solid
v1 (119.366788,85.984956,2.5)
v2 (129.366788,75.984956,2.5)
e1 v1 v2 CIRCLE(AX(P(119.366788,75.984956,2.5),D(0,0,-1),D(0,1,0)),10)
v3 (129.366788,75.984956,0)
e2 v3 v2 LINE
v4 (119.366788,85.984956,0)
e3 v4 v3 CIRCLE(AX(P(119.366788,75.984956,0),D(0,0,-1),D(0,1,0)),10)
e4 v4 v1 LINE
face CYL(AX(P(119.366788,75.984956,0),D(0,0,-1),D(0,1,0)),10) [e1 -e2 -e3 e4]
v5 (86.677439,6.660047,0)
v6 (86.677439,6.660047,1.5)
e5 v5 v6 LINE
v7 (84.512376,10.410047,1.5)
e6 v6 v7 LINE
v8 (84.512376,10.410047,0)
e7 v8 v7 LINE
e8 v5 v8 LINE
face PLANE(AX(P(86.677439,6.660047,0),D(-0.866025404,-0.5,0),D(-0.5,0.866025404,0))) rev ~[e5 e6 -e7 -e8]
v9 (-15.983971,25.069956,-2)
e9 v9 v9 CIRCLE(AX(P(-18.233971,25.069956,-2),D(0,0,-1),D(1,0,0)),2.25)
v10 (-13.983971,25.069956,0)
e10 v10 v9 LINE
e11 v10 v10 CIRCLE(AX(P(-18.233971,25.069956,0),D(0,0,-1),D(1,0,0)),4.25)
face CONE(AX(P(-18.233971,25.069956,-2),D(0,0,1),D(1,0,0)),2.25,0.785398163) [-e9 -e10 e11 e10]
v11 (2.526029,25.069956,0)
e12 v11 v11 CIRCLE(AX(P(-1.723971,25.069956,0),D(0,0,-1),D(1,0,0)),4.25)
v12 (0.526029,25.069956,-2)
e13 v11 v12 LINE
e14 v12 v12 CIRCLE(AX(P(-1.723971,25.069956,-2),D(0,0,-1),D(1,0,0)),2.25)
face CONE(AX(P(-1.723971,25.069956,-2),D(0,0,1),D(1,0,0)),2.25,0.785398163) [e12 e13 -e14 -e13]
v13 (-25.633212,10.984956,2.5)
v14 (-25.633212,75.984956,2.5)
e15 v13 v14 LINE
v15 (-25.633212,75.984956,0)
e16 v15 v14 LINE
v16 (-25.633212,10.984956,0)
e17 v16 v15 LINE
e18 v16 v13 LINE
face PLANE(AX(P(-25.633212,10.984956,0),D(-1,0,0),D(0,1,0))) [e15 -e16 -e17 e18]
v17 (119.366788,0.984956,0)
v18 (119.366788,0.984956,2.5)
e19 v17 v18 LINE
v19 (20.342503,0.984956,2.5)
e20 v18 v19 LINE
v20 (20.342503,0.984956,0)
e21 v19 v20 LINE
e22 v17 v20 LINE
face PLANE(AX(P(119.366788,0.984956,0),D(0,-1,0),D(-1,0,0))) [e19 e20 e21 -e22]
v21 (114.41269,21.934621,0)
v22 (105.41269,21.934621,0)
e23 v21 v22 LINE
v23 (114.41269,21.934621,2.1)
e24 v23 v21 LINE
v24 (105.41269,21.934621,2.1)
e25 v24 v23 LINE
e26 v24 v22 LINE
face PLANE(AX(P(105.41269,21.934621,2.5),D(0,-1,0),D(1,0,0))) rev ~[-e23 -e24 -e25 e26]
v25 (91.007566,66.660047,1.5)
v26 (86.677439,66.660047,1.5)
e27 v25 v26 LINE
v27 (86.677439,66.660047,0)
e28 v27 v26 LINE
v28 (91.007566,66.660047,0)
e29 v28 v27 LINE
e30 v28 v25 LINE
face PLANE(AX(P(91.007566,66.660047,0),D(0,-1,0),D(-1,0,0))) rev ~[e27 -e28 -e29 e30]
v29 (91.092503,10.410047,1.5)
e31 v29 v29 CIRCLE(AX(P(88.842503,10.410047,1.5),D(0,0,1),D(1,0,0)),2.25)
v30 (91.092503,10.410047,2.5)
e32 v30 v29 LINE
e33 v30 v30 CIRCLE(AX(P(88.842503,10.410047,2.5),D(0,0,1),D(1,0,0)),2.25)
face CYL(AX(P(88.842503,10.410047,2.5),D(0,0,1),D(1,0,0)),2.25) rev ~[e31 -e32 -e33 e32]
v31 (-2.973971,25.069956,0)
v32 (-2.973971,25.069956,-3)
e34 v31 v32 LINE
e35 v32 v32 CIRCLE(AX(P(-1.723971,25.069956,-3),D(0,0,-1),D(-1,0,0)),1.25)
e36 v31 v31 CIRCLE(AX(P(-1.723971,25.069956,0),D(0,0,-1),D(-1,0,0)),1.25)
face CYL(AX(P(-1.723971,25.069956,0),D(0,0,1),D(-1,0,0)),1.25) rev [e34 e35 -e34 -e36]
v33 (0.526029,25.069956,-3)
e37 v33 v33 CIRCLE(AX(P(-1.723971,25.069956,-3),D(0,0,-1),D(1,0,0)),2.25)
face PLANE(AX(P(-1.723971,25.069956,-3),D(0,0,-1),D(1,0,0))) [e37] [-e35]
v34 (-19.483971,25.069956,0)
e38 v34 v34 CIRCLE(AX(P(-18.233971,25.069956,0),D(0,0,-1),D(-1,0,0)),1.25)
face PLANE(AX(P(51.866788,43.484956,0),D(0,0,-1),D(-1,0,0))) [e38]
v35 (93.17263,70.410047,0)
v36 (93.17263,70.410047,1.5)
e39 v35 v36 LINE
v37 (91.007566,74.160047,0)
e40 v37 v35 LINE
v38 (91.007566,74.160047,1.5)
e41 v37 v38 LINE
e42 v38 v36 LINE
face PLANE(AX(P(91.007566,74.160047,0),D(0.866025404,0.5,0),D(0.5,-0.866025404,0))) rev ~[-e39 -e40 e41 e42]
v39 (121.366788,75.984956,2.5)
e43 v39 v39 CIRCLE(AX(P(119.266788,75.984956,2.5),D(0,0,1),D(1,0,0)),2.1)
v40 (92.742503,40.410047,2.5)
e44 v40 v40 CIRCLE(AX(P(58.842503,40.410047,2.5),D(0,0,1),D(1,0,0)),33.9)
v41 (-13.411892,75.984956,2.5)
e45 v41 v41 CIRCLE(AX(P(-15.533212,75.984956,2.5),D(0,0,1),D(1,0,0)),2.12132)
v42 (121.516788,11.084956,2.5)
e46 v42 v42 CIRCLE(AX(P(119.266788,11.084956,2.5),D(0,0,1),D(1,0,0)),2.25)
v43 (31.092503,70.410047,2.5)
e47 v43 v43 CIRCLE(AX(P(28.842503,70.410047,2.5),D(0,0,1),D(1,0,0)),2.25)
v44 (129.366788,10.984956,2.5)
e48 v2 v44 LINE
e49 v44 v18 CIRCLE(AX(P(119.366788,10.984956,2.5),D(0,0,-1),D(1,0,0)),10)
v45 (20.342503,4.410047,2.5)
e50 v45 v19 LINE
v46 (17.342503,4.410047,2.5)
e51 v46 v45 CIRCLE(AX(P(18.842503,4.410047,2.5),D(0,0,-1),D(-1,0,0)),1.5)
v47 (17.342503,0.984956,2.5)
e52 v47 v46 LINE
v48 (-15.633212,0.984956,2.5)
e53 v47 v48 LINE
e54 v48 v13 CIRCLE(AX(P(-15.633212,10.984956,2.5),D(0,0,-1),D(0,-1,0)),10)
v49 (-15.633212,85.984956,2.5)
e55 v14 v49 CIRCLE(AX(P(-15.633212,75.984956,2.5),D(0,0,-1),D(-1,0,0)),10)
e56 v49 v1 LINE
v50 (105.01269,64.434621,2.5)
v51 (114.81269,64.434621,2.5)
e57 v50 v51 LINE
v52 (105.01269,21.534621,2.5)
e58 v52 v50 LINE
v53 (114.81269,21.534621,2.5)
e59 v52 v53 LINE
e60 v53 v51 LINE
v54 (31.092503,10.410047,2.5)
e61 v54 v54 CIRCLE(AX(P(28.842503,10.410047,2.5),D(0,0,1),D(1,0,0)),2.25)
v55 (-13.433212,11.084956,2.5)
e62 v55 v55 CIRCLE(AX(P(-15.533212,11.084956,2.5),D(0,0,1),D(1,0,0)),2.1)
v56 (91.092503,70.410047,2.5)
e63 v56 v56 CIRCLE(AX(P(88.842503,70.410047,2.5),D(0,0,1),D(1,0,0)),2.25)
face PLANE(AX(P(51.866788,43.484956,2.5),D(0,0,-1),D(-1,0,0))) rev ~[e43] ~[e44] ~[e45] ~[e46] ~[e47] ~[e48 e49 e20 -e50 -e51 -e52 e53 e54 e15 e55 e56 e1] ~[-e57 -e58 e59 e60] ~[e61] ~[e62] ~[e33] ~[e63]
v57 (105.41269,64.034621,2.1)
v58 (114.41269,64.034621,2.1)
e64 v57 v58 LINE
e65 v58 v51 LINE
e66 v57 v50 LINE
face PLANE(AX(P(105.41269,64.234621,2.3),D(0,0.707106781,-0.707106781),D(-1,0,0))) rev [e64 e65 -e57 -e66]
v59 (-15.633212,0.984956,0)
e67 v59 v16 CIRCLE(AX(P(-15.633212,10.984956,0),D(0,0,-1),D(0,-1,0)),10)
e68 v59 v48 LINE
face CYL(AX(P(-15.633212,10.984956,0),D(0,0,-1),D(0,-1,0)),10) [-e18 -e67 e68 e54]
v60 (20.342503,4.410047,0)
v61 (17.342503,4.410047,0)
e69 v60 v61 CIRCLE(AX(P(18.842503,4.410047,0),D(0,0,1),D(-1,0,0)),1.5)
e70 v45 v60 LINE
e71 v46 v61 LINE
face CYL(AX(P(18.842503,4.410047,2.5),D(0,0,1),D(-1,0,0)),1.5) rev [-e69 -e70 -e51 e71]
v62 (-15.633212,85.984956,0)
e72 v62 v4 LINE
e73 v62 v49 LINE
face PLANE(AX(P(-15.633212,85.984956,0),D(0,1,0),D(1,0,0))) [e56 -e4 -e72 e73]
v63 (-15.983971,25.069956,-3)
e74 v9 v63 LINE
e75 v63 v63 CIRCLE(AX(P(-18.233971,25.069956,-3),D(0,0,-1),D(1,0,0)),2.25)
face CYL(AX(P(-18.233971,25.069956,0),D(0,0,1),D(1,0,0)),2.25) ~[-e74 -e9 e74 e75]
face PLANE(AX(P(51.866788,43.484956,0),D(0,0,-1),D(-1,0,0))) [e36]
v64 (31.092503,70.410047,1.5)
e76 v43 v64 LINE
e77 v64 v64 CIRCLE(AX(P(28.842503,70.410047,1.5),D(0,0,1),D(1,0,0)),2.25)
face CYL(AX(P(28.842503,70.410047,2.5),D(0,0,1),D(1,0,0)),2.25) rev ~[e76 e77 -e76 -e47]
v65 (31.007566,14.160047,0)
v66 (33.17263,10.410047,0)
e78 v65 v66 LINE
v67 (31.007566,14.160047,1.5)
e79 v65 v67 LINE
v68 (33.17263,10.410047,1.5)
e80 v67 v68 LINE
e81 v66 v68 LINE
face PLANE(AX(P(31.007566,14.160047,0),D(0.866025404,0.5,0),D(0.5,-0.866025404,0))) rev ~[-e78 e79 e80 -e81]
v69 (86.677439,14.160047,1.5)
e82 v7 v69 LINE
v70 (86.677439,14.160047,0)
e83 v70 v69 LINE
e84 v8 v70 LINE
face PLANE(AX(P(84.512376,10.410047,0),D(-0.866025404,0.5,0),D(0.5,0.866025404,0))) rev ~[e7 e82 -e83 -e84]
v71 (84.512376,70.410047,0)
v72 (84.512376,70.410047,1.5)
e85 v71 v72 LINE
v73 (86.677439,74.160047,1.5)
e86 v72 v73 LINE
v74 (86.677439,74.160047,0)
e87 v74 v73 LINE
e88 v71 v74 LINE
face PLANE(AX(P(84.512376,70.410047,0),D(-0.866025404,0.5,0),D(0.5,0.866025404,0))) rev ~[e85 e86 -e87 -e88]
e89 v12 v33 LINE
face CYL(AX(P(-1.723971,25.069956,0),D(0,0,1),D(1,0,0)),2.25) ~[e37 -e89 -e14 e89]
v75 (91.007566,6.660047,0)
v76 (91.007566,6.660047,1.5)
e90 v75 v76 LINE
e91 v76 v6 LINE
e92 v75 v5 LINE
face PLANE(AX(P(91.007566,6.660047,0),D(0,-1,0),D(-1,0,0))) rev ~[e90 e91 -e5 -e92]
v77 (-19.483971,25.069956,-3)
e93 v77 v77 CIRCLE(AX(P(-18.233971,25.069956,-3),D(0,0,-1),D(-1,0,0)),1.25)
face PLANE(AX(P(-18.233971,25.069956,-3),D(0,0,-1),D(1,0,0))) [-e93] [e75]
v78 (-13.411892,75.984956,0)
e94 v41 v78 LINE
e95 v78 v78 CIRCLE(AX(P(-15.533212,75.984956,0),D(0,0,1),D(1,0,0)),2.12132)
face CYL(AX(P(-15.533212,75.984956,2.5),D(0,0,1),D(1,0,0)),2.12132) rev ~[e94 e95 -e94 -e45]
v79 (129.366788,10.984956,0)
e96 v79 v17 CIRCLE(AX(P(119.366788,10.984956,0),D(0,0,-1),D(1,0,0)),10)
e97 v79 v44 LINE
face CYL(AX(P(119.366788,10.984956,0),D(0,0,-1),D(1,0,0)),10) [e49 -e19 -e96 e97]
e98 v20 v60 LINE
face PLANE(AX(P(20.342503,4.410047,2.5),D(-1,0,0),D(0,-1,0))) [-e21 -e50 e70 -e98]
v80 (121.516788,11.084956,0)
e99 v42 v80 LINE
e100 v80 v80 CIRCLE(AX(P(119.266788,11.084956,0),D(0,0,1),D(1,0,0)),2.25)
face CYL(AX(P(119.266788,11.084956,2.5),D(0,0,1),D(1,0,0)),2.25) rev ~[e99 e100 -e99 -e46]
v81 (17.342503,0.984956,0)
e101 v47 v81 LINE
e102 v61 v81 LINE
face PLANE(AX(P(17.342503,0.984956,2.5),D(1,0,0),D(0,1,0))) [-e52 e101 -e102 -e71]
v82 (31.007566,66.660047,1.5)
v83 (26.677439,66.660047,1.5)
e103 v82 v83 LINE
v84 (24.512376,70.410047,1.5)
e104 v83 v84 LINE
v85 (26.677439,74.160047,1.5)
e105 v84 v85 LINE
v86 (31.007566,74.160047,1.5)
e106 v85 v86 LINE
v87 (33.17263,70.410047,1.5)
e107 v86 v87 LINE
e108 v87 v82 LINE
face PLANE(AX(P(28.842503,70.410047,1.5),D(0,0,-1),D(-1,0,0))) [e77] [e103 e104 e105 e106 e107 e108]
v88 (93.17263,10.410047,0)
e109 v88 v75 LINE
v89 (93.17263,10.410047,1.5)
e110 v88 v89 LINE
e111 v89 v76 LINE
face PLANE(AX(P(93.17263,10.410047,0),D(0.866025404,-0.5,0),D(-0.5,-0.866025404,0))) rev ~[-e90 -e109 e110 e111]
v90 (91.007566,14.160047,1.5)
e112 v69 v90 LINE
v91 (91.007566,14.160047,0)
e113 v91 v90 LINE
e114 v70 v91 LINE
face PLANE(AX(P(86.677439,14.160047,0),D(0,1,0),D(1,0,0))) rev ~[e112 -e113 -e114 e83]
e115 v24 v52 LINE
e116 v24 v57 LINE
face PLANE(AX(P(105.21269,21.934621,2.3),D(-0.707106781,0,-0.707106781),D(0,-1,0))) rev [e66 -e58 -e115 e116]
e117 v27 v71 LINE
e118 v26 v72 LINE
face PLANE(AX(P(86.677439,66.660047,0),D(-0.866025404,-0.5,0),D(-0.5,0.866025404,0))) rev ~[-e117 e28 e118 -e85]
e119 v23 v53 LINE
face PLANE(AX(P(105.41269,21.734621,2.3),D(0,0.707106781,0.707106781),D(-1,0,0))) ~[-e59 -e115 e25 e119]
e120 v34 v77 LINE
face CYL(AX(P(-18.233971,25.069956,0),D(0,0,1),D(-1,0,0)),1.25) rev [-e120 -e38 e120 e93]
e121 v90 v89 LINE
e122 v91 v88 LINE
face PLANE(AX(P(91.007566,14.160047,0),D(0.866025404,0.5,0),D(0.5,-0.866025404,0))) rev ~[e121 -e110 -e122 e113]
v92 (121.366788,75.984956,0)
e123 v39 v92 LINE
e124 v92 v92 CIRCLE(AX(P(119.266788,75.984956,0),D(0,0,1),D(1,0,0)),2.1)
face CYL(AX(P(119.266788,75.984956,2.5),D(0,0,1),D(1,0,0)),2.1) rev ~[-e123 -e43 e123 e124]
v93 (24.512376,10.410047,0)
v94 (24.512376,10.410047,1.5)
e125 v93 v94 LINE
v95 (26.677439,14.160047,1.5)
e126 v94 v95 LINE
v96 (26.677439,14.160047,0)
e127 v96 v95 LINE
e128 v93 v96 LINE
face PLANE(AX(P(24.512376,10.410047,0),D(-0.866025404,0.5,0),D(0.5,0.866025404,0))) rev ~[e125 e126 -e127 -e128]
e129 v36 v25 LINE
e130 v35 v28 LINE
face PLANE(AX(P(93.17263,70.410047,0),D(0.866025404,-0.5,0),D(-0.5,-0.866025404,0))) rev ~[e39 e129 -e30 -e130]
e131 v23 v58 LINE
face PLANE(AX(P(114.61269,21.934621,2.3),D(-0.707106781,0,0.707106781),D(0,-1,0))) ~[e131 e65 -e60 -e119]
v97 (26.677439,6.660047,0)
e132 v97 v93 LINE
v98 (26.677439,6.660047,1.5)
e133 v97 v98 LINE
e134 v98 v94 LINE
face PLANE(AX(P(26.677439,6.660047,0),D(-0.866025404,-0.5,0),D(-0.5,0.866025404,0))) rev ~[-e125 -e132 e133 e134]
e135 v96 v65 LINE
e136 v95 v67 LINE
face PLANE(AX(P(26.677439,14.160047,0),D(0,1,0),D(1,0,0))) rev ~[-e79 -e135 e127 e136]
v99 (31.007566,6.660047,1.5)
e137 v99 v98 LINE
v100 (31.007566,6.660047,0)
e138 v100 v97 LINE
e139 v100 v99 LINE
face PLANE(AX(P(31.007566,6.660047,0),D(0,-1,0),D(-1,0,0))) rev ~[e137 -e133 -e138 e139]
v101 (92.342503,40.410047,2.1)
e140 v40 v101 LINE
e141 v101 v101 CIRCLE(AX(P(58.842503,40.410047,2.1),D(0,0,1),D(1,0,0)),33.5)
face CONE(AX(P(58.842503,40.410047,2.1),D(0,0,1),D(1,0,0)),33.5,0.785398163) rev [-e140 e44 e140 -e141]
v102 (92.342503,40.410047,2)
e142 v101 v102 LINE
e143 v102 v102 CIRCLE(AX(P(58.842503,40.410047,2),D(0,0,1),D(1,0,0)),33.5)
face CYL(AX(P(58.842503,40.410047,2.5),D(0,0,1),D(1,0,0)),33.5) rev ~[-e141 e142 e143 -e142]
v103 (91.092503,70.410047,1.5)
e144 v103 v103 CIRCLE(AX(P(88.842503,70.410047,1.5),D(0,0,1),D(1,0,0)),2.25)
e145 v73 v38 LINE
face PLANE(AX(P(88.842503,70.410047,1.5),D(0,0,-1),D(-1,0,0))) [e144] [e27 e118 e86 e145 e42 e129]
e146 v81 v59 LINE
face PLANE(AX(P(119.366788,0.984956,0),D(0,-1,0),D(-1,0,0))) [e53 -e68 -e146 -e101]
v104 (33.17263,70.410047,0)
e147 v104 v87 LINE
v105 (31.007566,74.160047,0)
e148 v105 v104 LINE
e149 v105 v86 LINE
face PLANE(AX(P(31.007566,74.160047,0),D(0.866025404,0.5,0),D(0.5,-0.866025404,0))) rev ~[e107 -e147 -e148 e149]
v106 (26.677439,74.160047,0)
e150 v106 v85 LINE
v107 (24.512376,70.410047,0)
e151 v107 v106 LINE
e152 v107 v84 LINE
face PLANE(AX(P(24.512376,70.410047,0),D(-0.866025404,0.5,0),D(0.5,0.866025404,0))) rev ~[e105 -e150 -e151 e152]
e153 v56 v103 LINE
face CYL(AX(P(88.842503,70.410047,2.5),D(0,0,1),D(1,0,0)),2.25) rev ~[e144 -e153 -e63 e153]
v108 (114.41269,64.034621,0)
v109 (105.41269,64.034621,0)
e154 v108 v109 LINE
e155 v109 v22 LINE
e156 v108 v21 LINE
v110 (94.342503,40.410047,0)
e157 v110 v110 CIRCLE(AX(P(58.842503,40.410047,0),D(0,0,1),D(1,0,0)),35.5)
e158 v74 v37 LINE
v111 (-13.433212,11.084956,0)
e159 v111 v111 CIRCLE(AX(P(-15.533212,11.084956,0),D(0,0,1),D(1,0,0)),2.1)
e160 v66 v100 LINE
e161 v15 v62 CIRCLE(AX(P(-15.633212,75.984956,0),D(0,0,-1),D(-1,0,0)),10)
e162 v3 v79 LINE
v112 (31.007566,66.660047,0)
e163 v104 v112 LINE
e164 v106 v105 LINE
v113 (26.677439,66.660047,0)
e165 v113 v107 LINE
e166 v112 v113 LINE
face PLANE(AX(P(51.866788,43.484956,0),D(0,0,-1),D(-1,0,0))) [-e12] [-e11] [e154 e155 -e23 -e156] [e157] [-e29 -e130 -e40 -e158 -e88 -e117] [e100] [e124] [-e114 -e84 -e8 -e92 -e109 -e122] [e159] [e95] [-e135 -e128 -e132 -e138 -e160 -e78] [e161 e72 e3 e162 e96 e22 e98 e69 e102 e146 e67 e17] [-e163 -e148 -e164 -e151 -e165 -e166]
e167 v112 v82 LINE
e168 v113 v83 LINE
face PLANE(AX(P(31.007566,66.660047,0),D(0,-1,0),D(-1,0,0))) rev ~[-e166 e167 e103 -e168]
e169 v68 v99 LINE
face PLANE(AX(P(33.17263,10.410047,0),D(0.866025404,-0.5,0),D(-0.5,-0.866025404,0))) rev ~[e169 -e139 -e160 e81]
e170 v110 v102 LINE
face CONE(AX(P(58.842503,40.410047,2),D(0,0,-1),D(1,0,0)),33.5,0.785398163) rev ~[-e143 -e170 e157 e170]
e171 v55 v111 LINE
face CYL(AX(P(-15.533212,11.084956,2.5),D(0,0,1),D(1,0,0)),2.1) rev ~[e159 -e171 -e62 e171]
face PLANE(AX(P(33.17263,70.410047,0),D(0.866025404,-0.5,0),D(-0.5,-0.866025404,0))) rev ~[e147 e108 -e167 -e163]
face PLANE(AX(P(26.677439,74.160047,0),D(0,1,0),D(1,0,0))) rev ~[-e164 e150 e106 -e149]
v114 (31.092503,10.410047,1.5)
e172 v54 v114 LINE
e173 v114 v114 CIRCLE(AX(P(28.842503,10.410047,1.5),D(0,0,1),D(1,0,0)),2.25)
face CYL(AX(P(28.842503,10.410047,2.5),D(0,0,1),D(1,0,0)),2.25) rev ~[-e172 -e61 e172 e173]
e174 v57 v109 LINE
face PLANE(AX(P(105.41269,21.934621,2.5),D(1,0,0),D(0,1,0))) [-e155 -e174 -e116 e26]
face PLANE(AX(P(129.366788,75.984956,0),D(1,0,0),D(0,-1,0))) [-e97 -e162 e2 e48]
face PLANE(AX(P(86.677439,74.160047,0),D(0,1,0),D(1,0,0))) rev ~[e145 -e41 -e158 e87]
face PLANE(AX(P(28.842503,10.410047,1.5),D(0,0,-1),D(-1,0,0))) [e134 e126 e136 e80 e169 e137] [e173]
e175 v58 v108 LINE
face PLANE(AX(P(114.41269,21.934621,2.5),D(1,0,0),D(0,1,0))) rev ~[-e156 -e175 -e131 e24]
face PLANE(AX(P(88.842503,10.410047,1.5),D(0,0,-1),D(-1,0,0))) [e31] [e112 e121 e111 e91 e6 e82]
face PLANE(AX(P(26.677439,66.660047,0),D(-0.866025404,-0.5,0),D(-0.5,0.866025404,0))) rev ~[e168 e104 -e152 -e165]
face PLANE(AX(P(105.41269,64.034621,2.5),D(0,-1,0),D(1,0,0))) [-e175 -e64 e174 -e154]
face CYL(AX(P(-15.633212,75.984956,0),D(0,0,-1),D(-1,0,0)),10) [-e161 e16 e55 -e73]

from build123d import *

# Parameters (mm, degrees)
BOSS_EXTRUDE1_DEPTH = 2.5
SKETCH3_R           = 2.25
SKETCH3_R_2         = 2.1
SKETCH3_R_3         = 2.121320344
CUT_EXTRUDE1_DEPTH  = 3
SKETCH4_R           = 33.5
SKETCH4_R_2         = 2.25
CUT_EXTRUDE2_DEPTH  = 5
CUT_EXTRUDE3_DEPTH  = 1.5
CHAMFER1_SIZE       = 2
CUT_EXTRUDE4_DEPTH  = 3
SKETCH7_R           = 2.25
SKETCH7_R_2         = 1.25
BOSS_EXTRUDE2_DEPTH = 3
CHAMFER2_SIZE       = 2
SKETCH12_W          = 9
SKETCH12_H          = 42.1
CUT_EXTRUDE5_DEPTH  = 7
CHAMFER3_SIZE       = 0.4


with BuildPart() as part:
    # Sketch1 → Boss-Extrude1 (new body)
    with BuildSketch(Plane.XY):
        with BuildLine():
            Line((-15.633211847, 85.984955899), (119.366788153, 85.984955899))
            ThreePointArc((119.366788153, 85.984955899), (126.437855965, 83.05602371), (129.366788153, 75.984955899))
            Line((129.366788153, 75.984955899), (129.366788153, 10.984955899))
            ThreePointArc((129.366788153, 10.984955899), (126.437855965, 3.913888087), (119.366788153, 0.984955899))
            Line((119.366788153, 0.984955899), (-15.633211847, 0.984955899))
            ThreePointArc((-15.633211847, 0.984955899), (-22.704279659, 3.913888087), (-25.633211847, 10.984955899))
            Line((-25.633211847, 10.984955899), (-25.633211847, 75.984955899))
            ThreePointArc((-25.633211847, 75.984955899), (-22.704279659, 83.05602371), (-15.633211847, 85.984955899))
        make_face()
    extrude(amount=BOSS_EXTRUDE1_DEPTH)

    # Sketch3 → Cut-Extrude1 (cut)
    with BuildSketch(Plane.XY.offset(2.5)):
        with Locations((119.266788153, 11.084955899)):
            Circle(SKETCH3_R)
        with Locations((119.266788153, 75.984955899)):
            Circle(SKETCH3_R_2)
        with Locations((-15.533211847, 75.984955899)):
            Circle(SKETCH3_R_3)
        with Locations((-15.533211847, 11.084955899)):
            Circle(SKETCH3_R_2)
    extrude(amount=-CUT_EXTRUDE1_DEPTH, mode=Mode.SUBTRACT)

    # Sketch4 → Cut-Extrude2 (cut)
    with BuildSketch(Plane.XY.offset(2.5)):
        with Locations((58.842502754, 40.410046739)):
            Circle(SKETCH4_R)
        with Locations((28.842502754, 70.410046739)):
            Circle(SKETCH4_R_2)
        with Locations((88.842502754, 70.410046739)):
            Circle(SKETCH4_R_2)
        with Locations((88.842502754, 10.410046739)):
            Circle(SKETCH4_R_2)
        with Locations((28.842502754, 10.410046739)):
            Circle(SKETCH4_R_2)
    extrude(amount=-CUT_EXTRUDE2_DEPTH, mode=Mode.SUBTRACT)

    # Sketch5 → Cut-Extrude3 (cut)
    with BuildSketch(Plane(origin=(0, 0, 0), x_dir=(-1, 0, 0), z_dir=(0, 0, -1))):
        Polygon((-93.172629773, 10.410046739), (-91.007566263, 6.660046739), (-86.677439244, 6.660046739), (-84.512375735, 10.410046739), (-86.677439244, 14.160046739), (-91.007566263, 14.160046739), align=None)
        Polygon((-33.172629773, 10.410046739), (-31.007566263, 6.660046739), (-26.677439244, 6.660046739), (-24.512375735, 10.410046739), (-26.677439244, 14.160046739), (-31.007566263, 14.160046739), align=None)
        Polygon((-93.172629773, 70.410046739), (-91.007566263, 66.660046739), (-86.677439244, 66.660046739), (-84.512375735, 70.410046739), (-86.677439244, 74.160046739), (-91.007566263, 74.160046739), align=None)
        Polygon((-33.172629773, 70.410046739), (-31.007566263, 66.660046739), (-26.677439244, 66.660046739), (-24.512375735, 70.410046739), (-26.677439244, 74.160046739), (-31.007566263, 74.160046739), align=None)
    extrude(amount=-CUT_EXTRUDE3_DEPTH, mode=Mode.SUBTRACT)

    # Chamfer1
    chamfer1_edges = [part.edges().sort_by_distance(p)[0] for p in [
        (25.342502754, 40.410046739, 0),
    ]]
    chamfer(chamfer1_edges, length=CHAMFER1_SIZE)

    # Sketch6 → Cut-Extrude4 (cut)
    with BuildSketch(Plane.XY.offset(2.5)):
        with BuildLine():
            Line((20.342502754, 4.410046739), (20.342502754, 0.984955899))
            ThreePointArc((20.342502754, 0.984955899), (18.842502754, -0.515044101), (17.342502754, 0.984955899))
            Line((17.342502754, 0.984955899), (17.342502754, 4.410046739))
            ThreePointArc((17.342502754, 4.410046739), (18.842502754, 5.910046739), (20.342502754, 4.410046739))
        make_face()
    extrude(amount=-CUT_EXTRUDE4_DEPTH, mode=Mode.SUBTRACT)

    # Sketch7 → Boss-Extrude2 (add)
    # profile 1 of 2: a face of its own
    with BuildSketch(Plane(origin=(0, 0, 0), x_dir=(-1, 0, 0), z_dir=(0, 0, -1))):
        with Locations(Location((18.233971147, 25.069955899, 0), (0, 0, 180))):
            Circle(SKETCH7_R)
        with Locations((18.233971147, 25.069955899)):
            Circle(SKETCH7_R_2, mode=Mode.SUBTRACT)
    # profile 2 of 2: a face of its own
    with BuildSketch(Plane(origin=(0, 0, 0), x_dir=(-1, 0, 0), z_dir=(0, 0, -1))):
        with Locations(Location((1.723971147, 25.069955899, 0), (0, 0, 180))):
            Circle(SKETCH7_R)
        with Locations((1.723971147, 25.069955899)):
            Circle(SKETCH7_R_2, mode=Mode.SUBTRACT)
    extrude(amount=BOSS_EXTRUDE2_DEPTH)

    # Chamfer2
    chamfer2_edges = [part.edges().sort_by_distance(p)[0] for p in [
        (-20.483971147, 25.069955899, 0),
        (-3.973971147, 25.069955899, 0),
    ]]
    chamfer(chamfer2_edges, length=CHAMFER2_SIZE)

    # Sketch12 → Cut-Extrude5 (cut)
    with BuildSketch(Plane.XY.offset(2.5)):
        with Locations((109.912689541, 42.984621363)):
            Rectangle(SKETCH12_W, SKETCH12_H)
    extrude(amount=-CUT_EXTRUDE5_DEPTH, mode=Mode.SUBTRACT)

    # Chamfer3
    chamfer3_edges = [part.edges().sort_by_distance(p)[0] for p in [
        (105.412689541, 42.984621363, 2.5),
        (109.912689541, 21.934621363, 2.5),
        (114.412689541, 42.984621363, 2.5),
        (109.912689541, 64.034621363, 2.5),
        (25.342502754, 40.410046739, 2.5),
    ]]
    chamfer(chamfer3_edges, length=CHAMFER3_SIZE)


solid = part.part
